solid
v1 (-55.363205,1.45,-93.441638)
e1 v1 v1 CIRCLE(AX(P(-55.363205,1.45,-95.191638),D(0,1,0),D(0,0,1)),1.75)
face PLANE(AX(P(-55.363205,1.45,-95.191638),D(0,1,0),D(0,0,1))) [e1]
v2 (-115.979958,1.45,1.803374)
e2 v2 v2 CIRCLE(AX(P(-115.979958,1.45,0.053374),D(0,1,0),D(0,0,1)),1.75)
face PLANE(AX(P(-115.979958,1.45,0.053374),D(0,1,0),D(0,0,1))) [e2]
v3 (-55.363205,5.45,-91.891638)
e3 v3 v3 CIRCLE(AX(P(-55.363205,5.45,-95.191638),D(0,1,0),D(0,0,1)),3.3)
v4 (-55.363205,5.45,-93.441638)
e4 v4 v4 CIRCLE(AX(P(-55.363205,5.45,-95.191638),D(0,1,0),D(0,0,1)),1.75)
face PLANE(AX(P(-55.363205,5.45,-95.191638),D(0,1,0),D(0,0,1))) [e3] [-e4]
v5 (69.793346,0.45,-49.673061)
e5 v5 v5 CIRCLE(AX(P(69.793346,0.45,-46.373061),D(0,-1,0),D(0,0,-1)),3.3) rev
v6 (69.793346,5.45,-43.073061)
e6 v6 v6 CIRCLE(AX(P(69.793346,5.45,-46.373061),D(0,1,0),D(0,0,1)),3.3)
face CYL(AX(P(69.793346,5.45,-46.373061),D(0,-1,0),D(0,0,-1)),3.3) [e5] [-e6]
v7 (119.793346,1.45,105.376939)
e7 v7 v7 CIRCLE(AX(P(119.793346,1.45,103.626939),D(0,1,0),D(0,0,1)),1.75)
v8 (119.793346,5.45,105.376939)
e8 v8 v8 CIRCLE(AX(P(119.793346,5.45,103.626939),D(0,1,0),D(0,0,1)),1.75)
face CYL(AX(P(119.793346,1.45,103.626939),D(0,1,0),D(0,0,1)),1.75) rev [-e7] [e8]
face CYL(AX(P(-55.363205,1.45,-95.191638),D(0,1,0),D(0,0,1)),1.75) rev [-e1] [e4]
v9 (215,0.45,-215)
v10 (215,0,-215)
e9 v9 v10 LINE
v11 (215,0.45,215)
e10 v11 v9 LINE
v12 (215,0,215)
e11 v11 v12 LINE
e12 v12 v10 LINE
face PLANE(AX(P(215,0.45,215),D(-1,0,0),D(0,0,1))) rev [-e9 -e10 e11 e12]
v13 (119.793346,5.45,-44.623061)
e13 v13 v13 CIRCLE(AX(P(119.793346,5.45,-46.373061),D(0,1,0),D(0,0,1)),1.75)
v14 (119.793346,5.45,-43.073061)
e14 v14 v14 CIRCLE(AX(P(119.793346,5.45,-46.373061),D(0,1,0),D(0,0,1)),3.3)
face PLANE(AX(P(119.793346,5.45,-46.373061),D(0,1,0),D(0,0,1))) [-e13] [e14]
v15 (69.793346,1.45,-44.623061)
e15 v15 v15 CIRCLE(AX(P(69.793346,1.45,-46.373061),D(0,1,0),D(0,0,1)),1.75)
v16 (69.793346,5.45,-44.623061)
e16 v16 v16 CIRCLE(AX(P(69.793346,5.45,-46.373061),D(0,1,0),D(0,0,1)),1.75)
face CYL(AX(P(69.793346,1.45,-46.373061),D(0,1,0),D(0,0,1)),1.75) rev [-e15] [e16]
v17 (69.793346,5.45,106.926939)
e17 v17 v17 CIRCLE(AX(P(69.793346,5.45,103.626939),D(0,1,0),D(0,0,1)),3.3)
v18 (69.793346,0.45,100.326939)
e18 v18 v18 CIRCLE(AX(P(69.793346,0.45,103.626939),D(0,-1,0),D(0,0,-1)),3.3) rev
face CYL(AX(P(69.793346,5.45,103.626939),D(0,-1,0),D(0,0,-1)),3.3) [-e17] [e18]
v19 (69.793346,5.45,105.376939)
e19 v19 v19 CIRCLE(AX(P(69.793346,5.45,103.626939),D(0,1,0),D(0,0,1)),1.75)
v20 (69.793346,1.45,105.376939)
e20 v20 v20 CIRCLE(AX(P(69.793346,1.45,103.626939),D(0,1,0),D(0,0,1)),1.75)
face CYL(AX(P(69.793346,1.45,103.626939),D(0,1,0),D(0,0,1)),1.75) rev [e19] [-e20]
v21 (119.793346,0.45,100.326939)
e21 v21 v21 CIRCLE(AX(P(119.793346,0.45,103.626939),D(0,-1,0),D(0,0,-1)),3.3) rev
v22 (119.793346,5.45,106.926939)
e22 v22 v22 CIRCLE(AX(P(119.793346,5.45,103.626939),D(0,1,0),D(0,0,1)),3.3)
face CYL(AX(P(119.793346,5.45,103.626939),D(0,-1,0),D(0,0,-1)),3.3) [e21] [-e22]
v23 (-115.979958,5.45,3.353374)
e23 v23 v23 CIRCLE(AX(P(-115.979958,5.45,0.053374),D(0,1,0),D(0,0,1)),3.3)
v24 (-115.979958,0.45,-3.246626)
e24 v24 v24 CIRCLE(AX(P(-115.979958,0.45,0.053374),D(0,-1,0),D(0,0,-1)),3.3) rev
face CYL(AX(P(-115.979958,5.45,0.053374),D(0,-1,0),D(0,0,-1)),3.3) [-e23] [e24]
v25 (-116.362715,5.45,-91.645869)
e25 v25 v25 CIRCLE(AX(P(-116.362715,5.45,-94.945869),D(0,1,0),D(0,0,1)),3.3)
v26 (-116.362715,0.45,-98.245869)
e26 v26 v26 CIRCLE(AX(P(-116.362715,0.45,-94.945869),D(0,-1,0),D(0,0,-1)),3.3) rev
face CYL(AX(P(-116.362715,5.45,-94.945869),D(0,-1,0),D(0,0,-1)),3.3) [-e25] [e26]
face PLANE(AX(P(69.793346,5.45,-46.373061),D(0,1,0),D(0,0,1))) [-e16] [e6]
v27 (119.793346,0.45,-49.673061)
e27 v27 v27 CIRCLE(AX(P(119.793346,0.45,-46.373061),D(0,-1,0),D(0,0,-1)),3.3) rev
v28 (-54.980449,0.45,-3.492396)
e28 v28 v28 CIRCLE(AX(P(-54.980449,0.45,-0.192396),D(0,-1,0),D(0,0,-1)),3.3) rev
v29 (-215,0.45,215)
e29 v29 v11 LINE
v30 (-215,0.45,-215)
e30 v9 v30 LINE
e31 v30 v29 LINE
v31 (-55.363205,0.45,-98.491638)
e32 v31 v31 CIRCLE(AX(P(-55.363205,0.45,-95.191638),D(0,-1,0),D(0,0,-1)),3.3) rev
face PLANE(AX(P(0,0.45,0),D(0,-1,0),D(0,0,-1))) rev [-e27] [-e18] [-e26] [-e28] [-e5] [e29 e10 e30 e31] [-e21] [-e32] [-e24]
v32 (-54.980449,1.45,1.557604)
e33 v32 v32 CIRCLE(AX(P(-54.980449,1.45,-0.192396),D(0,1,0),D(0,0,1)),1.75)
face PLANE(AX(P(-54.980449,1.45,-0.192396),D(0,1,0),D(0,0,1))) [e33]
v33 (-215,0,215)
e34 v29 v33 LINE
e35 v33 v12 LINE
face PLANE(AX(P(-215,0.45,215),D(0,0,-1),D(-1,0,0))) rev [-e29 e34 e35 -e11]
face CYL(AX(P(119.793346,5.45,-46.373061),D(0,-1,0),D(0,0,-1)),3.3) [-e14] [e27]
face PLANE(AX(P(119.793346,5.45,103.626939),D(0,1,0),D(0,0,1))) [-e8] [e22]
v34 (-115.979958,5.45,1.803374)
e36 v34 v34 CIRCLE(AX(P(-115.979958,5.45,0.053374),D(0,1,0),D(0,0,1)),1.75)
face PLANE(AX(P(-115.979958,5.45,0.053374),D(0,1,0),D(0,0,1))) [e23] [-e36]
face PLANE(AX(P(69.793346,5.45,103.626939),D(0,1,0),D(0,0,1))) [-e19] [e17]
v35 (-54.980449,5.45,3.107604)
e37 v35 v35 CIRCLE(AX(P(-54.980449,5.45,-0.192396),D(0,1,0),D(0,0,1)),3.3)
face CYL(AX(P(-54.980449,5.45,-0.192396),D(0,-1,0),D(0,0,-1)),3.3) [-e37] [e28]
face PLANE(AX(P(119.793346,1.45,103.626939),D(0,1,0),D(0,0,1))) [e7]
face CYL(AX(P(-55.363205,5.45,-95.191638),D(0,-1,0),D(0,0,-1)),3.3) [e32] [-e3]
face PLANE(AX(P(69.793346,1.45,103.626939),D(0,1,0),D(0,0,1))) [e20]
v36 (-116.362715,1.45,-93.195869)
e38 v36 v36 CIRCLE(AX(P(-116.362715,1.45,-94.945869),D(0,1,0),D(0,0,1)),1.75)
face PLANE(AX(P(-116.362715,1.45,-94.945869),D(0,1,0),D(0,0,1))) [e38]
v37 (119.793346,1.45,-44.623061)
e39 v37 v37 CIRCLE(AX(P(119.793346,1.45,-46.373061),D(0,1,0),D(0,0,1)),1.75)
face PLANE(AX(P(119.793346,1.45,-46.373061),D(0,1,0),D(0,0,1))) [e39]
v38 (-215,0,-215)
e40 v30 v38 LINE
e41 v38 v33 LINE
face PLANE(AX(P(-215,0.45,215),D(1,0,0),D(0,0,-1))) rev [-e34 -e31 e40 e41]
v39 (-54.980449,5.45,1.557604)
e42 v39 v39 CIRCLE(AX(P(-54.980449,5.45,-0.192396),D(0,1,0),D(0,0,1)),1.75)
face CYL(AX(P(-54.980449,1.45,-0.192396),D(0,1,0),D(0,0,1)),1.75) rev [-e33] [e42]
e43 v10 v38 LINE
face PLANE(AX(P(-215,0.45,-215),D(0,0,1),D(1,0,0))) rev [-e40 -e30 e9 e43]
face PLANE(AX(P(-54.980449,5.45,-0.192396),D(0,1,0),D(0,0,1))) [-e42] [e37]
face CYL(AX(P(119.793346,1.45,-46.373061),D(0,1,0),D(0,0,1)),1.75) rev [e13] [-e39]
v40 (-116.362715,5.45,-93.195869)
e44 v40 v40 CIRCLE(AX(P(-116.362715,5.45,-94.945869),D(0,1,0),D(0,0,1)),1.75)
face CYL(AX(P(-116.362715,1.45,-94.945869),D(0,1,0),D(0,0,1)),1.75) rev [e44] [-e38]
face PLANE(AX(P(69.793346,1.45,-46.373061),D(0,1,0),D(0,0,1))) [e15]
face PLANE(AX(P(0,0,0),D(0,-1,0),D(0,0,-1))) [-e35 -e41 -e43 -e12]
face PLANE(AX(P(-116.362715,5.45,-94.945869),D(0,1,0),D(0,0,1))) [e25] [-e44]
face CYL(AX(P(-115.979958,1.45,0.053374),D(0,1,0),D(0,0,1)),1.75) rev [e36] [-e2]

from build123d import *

# Parameters (mm, degrees)
SKETCH1_W           = 430
SKETCH1_H           = 430
BOSS_EXTRUDE1_DEPTH = 0.45
SKETCH7_R           = 3.3
BOSS_EXTRUDE2_DEPTH = 5
SKETCH8_R           = 1.75
CUT_EXTRUDE1_DEPTH  = 4
SKETCH6_R           = 3.3
BOSS_EXTRUDE3_DEPTH = 5
SKETCH10_R          = 1.75
CUT_EXTRUDE2_DEPTH  = 4


with BuildPart() as part:
    # Sketch1 → Boss-Extrude1 (new body)
    with BuildSketch(Plane(origin=(0, 0, 0), x_dir=(1, 0, 0), z_dir=(0, 1, 0))):
        Rectangle(SKETCH1_W, SKETCH1_H)
    extrude(amount=BOSS_EXTRUDE1_DEPTH)

    # Sketch7 → Boss-Extrude2 (add)
    with BuildSketch(Plane(origin=(0, 0.45, 0), x_dir=(1, 0, 0), z_dir=(0, 1, 0))):
        with Locations(Location((-116.362714529, 94.945868521, 0), (0, 0, 90))):
            Circle(SKETCH7_R)
        with Locations(Location((-55.363204635, 95.191638193, 0), (0, 0, 90))):
            Circle(SKETCH7_R)
        with Locations(Location((-54.980448566, 0.192396061, 0), (0, 0, 90))):
            Circle(SKETCH7_R)
        with Locations(Location((-115.97995846, -0.053373612, 0), (0, 0, 90))):
            Circle(SKETCH7_R)
    extrude(amount=BOSS_EXTRUDE2_DEPTH)

    # Sketch8 → Cut-Extrude1 (cut)
    with BuildSketch(Plane(origin=(0, 5.45, 0), x_dir=(1, 0, 0), z_dir=(0, 1, 0))):
        with Locations(Location((-54.980448566, 0.192396061, 0), (0, 0, 270))):
            Circle(SKETCH8_R)
        with Locations(Location((-55.363204635, 95.191638193, 0), (0, 0, 270))):
            Circle(SKETCH8_R)
        with Locations(Location((-116.362714529, 94.945868521, 0), (0, 0, 270))):
            Circle(SKETCH8_R)
        with Locations(Location((-115.97995846, -0.053373612, 0), (0, 0, 270))):
            Circle(SKETCH8_R)
    extrude(amount=-CUT_EXTRUDE1_DEPTH, mode=Mode.SUBTRACT)

    # Sketch6 → Boss-Extrude3 (add)
    with BuildSketch(Plane(origin=(0, 0.45, 0), x_dir=(1, 0, 0), z_dir=(0, 1, 0))):
        with Locations(Location((119.793345796, 46.373061352, 0), (0, 0, 90))):
            Circle(SKETCH6_R)
        with Locations(Location((69.793345796, 46.373061352, 0), (0, 0, 90))):
            Circle(SKETCH6_R)
        with Locations(Location((119.793345796, -103.626938648, 0), (0, 0, 90))):
            Circle(SKETCH6_R)
        with Locations(Location((69.793345796, -103.626938648, 0), (0, 0, 90))):
            Circle(SKETCH6_R)
    extrude(amount=BOSS_EXTRUDE3_DEPTH)

    # Sketch10 → Cut-Extrude2 (cut)
    with BuildSketch(Plane(origin=(0, 5.45, 0), x_dir=(1, 0, 0), z_dir=(0, 1, 0))):
        with Locations(Location((69.793345796, 46.373061352, 0), (0, 0, 270))):
            Circle(SKETCH10_R)
        with Locations(Location((119.793345796, 46.373061352, 0), (0, 0, 270))):
            Circle(SKETCH10_R)
        with Locations(Location((119.793345796, -103.626938648, 0), (0, 0, 270))):
            Circle(SKETCH10_R)
        with Locations(Location((69.793345796, -103.626938648, 0), (0, 0, 270))):
            Circle(SKETCH10_R)
    extrude(amount=-CUT_EXTRUDE2_DEPTH, mode=Mode.SUBTRACT)


solid = part.part
